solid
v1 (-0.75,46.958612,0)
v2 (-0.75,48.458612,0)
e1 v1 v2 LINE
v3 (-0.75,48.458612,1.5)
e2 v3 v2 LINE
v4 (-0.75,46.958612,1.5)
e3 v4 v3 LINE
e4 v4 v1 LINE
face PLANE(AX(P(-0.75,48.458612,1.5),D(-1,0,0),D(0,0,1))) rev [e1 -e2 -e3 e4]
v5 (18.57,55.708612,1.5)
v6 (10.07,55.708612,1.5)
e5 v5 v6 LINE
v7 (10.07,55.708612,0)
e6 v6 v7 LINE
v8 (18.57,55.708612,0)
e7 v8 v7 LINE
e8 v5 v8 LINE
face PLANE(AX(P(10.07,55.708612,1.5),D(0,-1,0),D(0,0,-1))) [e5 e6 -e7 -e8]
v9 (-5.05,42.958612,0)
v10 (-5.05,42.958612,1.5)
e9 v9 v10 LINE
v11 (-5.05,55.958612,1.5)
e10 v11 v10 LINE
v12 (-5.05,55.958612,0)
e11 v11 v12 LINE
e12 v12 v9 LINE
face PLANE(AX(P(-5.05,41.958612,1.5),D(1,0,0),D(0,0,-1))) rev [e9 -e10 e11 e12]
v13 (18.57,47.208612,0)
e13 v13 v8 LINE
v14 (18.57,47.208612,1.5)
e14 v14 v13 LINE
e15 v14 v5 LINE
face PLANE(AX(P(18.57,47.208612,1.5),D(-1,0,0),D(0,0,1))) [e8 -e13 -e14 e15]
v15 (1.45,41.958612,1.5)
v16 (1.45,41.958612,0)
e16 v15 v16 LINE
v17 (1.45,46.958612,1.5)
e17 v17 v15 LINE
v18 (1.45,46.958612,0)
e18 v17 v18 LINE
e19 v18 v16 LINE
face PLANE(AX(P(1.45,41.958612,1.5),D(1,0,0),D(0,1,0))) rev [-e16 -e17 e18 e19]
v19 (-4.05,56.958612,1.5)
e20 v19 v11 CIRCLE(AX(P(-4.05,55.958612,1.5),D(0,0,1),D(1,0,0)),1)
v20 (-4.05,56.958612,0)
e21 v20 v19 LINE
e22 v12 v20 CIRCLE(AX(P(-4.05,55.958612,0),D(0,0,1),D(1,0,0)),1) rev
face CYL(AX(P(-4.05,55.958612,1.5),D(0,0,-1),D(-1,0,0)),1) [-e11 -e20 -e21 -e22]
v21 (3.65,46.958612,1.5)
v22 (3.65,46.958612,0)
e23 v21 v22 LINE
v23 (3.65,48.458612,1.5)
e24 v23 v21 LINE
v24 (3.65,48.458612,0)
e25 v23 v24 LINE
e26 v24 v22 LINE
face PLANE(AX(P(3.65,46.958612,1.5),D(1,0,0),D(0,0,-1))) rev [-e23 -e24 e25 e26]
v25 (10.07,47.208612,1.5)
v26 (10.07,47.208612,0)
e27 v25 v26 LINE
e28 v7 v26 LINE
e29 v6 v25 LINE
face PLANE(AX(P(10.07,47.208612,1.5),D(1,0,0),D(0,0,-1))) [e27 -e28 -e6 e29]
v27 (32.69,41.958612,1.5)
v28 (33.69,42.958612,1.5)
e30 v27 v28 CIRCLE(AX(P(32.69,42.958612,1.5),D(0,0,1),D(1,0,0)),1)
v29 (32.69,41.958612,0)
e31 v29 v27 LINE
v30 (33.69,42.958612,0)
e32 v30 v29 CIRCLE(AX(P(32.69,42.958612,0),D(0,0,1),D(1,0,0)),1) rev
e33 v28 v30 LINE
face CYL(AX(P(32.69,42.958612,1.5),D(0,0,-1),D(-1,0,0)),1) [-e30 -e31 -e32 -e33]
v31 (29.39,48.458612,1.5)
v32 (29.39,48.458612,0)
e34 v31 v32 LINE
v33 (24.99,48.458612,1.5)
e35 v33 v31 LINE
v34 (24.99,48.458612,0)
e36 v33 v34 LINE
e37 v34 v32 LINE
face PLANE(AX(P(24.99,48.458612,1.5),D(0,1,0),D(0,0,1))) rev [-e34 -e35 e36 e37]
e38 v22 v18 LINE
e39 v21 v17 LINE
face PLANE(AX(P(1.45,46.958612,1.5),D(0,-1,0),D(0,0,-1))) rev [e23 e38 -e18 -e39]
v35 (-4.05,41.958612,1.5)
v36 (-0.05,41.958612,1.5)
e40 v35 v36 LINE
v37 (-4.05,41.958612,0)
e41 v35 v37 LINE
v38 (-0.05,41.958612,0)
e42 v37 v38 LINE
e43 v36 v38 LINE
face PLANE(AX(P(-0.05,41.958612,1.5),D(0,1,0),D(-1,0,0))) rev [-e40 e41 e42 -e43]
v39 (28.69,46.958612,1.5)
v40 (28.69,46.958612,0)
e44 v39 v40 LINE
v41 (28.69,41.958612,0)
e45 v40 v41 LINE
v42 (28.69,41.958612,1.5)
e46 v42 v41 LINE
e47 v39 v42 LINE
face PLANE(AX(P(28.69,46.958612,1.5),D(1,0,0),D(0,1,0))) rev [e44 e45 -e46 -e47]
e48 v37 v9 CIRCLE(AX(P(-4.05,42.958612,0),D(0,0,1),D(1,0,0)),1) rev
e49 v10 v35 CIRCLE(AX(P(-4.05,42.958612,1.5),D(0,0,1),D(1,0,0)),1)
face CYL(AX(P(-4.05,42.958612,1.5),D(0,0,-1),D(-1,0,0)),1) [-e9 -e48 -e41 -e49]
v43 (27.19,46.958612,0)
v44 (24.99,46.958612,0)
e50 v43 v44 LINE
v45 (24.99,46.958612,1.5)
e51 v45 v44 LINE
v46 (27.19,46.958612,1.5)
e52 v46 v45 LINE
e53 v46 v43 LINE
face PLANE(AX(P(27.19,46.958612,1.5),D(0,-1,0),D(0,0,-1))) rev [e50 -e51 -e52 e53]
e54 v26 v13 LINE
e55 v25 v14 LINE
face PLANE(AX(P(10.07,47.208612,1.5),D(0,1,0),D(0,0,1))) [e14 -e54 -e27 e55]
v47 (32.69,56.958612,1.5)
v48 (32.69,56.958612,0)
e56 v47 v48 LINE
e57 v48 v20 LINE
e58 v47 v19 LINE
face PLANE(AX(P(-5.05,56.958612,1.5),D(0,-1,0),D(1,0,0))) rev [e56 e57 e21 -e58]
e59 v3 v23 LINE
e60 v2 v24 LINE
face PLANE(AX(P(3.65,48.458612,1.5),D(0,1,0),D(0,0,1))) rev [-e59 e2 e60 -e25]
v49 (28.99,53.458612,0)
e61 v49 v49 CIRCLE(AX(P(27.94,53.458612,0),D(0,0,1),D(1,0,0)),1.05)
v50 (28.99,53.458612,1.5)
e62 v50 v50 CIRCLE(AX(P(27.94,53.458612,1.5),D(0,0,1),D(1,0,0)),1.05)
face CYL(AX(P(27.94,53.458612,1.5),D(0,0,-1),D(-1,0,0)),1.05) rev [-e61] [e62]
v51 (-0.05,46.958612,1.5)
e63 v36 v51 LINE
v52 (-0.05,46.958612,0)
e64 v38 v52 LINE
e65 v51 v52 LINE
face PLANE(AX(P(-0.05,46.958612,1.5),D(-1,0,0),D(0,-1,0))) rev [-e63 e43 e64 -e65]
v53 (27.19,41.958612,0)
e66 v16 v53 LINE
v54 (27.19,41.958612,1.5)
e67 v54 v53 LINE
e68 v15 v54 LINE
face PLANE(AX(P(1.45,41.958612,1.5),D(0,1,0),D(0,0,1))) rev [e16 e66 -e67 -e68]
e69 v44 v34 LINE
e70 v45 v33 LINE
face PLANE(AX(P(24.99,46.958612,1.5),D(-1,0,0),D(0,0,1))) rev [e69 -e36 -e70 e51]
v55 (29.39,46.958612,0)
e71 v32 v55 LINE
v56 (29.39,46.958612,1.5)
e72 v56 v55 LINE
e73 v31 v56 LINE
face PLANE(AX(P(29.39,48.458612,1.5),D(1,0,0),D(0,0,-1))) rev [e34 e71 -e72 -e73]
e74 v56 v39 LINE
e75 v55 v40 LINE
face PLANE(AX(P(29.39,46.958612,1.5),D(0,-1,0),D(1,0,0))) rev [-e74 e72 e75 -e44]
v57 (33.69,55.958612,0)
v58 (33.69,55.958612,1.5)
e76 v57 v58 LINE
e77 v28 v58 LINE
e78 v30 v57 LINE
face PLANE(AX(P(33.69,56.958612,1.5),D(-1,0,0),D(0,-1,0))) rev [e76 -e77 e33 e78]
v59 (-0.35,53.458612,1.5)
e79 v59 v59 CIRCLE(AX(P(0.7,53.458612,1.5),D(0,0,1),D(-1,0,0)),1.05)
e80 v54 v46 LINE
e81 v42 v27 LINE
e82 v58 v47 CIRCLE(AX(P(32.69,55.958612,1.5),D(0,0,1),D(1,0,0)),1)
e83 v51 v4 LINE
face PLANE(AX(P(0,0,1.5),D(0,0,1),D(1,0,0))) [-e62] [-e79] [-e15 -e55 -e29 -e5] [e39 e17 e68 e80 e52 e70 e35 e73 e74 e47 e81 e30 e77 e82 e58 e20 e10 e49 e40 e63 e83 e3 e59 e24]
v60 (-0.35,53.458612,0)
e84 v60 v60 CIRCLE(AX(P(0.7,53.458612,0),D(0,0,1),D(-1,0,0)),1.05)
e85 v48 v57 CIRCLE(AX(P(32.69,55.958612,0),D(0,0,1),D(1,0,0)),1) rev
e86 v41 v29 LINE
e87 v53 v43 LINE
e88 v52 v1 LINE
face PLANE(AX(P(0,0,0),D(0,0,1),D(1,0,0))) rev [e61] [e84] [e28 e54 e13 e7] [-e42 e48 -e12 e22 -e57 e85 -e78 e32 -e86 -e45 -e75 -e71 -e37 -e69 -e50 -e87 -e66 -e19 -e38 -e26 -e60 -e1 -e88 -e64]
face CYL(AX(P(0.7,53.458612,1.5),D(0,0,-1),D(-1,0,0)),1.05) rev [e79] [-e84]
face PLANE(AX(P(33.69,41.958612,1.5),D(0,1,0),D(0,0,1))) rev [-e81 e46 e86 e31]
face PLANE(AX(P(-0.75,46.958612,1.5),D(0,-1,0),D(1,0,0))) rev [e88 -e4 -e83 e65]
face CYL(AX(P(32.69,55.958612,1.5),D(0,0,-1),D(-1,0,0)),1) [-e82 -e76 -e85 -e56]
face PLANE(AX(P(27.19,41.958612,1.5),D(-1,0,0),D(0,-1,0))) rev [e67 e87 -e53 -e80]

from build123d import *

# Parameters (mm, degrees)
SKETCH_1_R      = 1.05
SKETCH_1_W      = 8.5
SKETCH_1_H      = 8.5
EXTRUDE_1_DEPTH = 1.5
FILLET_1_R      = 1


with BuildPart() as part:
    # 草图1 → 凸台-拉伸1 (new body)
    with BuildSketch(Plane.XY):
        Polygon((1.45, 41.958612035), (27.19, 41.958612035), (27.19, 46.958612035), (24.99, 46.958612035), (24.99, 48.458612035), (29.39, 48.458612035), (29.39, 46.958612035), (28.69, 46.958612035), (28.69, 41.958612035), (33.69, 41.958612035), (33.69, 56.958612035), (14.32, 56.958612035), (-5.05, 56.958612035), (-5.05, 41.958612035), (-0.05, 41.958612035), (-0.05, 46.958612035), (-0.75, 46.958612035), (-0.75, 48.458612035), (3.65, 48.458612035), (3.65, 46.958612035), (1.45, 46.958612035), align=None)
        with Locations((27.94, 53.458612035)):
            Circle(SKETCH_1_R, mode=Mode.SUBTRACT)
        with Locations(Location((0.7, 53.458612035, 0), (0, 0, 180))):
            Circle(SKETCH_1_R, mode=Mode.SUBTRACT)
        with Locations((14.32, 51.458612035)):
            Rectangle(SKETCH_1_W, SKETCH_1_H, mode=Mode.SUBTRACT)
    extrude(amount=EXTRUDE_1_DEPTH)

    # 圆角1
    fillet_1_edges = [part.edges().sort_by_distance(p)[0] for p in [
        (-5.05, 41.958612035, 0.75),
        (-5.05, 56.958612035, 0.75),
        (33.69, 56.958612035, 0.75),
        (33.69, 41.958612035, 0.75),
    ]]
    fillet(fillet_1_edges, radius=FILLET_1_R)


solid = part.part
